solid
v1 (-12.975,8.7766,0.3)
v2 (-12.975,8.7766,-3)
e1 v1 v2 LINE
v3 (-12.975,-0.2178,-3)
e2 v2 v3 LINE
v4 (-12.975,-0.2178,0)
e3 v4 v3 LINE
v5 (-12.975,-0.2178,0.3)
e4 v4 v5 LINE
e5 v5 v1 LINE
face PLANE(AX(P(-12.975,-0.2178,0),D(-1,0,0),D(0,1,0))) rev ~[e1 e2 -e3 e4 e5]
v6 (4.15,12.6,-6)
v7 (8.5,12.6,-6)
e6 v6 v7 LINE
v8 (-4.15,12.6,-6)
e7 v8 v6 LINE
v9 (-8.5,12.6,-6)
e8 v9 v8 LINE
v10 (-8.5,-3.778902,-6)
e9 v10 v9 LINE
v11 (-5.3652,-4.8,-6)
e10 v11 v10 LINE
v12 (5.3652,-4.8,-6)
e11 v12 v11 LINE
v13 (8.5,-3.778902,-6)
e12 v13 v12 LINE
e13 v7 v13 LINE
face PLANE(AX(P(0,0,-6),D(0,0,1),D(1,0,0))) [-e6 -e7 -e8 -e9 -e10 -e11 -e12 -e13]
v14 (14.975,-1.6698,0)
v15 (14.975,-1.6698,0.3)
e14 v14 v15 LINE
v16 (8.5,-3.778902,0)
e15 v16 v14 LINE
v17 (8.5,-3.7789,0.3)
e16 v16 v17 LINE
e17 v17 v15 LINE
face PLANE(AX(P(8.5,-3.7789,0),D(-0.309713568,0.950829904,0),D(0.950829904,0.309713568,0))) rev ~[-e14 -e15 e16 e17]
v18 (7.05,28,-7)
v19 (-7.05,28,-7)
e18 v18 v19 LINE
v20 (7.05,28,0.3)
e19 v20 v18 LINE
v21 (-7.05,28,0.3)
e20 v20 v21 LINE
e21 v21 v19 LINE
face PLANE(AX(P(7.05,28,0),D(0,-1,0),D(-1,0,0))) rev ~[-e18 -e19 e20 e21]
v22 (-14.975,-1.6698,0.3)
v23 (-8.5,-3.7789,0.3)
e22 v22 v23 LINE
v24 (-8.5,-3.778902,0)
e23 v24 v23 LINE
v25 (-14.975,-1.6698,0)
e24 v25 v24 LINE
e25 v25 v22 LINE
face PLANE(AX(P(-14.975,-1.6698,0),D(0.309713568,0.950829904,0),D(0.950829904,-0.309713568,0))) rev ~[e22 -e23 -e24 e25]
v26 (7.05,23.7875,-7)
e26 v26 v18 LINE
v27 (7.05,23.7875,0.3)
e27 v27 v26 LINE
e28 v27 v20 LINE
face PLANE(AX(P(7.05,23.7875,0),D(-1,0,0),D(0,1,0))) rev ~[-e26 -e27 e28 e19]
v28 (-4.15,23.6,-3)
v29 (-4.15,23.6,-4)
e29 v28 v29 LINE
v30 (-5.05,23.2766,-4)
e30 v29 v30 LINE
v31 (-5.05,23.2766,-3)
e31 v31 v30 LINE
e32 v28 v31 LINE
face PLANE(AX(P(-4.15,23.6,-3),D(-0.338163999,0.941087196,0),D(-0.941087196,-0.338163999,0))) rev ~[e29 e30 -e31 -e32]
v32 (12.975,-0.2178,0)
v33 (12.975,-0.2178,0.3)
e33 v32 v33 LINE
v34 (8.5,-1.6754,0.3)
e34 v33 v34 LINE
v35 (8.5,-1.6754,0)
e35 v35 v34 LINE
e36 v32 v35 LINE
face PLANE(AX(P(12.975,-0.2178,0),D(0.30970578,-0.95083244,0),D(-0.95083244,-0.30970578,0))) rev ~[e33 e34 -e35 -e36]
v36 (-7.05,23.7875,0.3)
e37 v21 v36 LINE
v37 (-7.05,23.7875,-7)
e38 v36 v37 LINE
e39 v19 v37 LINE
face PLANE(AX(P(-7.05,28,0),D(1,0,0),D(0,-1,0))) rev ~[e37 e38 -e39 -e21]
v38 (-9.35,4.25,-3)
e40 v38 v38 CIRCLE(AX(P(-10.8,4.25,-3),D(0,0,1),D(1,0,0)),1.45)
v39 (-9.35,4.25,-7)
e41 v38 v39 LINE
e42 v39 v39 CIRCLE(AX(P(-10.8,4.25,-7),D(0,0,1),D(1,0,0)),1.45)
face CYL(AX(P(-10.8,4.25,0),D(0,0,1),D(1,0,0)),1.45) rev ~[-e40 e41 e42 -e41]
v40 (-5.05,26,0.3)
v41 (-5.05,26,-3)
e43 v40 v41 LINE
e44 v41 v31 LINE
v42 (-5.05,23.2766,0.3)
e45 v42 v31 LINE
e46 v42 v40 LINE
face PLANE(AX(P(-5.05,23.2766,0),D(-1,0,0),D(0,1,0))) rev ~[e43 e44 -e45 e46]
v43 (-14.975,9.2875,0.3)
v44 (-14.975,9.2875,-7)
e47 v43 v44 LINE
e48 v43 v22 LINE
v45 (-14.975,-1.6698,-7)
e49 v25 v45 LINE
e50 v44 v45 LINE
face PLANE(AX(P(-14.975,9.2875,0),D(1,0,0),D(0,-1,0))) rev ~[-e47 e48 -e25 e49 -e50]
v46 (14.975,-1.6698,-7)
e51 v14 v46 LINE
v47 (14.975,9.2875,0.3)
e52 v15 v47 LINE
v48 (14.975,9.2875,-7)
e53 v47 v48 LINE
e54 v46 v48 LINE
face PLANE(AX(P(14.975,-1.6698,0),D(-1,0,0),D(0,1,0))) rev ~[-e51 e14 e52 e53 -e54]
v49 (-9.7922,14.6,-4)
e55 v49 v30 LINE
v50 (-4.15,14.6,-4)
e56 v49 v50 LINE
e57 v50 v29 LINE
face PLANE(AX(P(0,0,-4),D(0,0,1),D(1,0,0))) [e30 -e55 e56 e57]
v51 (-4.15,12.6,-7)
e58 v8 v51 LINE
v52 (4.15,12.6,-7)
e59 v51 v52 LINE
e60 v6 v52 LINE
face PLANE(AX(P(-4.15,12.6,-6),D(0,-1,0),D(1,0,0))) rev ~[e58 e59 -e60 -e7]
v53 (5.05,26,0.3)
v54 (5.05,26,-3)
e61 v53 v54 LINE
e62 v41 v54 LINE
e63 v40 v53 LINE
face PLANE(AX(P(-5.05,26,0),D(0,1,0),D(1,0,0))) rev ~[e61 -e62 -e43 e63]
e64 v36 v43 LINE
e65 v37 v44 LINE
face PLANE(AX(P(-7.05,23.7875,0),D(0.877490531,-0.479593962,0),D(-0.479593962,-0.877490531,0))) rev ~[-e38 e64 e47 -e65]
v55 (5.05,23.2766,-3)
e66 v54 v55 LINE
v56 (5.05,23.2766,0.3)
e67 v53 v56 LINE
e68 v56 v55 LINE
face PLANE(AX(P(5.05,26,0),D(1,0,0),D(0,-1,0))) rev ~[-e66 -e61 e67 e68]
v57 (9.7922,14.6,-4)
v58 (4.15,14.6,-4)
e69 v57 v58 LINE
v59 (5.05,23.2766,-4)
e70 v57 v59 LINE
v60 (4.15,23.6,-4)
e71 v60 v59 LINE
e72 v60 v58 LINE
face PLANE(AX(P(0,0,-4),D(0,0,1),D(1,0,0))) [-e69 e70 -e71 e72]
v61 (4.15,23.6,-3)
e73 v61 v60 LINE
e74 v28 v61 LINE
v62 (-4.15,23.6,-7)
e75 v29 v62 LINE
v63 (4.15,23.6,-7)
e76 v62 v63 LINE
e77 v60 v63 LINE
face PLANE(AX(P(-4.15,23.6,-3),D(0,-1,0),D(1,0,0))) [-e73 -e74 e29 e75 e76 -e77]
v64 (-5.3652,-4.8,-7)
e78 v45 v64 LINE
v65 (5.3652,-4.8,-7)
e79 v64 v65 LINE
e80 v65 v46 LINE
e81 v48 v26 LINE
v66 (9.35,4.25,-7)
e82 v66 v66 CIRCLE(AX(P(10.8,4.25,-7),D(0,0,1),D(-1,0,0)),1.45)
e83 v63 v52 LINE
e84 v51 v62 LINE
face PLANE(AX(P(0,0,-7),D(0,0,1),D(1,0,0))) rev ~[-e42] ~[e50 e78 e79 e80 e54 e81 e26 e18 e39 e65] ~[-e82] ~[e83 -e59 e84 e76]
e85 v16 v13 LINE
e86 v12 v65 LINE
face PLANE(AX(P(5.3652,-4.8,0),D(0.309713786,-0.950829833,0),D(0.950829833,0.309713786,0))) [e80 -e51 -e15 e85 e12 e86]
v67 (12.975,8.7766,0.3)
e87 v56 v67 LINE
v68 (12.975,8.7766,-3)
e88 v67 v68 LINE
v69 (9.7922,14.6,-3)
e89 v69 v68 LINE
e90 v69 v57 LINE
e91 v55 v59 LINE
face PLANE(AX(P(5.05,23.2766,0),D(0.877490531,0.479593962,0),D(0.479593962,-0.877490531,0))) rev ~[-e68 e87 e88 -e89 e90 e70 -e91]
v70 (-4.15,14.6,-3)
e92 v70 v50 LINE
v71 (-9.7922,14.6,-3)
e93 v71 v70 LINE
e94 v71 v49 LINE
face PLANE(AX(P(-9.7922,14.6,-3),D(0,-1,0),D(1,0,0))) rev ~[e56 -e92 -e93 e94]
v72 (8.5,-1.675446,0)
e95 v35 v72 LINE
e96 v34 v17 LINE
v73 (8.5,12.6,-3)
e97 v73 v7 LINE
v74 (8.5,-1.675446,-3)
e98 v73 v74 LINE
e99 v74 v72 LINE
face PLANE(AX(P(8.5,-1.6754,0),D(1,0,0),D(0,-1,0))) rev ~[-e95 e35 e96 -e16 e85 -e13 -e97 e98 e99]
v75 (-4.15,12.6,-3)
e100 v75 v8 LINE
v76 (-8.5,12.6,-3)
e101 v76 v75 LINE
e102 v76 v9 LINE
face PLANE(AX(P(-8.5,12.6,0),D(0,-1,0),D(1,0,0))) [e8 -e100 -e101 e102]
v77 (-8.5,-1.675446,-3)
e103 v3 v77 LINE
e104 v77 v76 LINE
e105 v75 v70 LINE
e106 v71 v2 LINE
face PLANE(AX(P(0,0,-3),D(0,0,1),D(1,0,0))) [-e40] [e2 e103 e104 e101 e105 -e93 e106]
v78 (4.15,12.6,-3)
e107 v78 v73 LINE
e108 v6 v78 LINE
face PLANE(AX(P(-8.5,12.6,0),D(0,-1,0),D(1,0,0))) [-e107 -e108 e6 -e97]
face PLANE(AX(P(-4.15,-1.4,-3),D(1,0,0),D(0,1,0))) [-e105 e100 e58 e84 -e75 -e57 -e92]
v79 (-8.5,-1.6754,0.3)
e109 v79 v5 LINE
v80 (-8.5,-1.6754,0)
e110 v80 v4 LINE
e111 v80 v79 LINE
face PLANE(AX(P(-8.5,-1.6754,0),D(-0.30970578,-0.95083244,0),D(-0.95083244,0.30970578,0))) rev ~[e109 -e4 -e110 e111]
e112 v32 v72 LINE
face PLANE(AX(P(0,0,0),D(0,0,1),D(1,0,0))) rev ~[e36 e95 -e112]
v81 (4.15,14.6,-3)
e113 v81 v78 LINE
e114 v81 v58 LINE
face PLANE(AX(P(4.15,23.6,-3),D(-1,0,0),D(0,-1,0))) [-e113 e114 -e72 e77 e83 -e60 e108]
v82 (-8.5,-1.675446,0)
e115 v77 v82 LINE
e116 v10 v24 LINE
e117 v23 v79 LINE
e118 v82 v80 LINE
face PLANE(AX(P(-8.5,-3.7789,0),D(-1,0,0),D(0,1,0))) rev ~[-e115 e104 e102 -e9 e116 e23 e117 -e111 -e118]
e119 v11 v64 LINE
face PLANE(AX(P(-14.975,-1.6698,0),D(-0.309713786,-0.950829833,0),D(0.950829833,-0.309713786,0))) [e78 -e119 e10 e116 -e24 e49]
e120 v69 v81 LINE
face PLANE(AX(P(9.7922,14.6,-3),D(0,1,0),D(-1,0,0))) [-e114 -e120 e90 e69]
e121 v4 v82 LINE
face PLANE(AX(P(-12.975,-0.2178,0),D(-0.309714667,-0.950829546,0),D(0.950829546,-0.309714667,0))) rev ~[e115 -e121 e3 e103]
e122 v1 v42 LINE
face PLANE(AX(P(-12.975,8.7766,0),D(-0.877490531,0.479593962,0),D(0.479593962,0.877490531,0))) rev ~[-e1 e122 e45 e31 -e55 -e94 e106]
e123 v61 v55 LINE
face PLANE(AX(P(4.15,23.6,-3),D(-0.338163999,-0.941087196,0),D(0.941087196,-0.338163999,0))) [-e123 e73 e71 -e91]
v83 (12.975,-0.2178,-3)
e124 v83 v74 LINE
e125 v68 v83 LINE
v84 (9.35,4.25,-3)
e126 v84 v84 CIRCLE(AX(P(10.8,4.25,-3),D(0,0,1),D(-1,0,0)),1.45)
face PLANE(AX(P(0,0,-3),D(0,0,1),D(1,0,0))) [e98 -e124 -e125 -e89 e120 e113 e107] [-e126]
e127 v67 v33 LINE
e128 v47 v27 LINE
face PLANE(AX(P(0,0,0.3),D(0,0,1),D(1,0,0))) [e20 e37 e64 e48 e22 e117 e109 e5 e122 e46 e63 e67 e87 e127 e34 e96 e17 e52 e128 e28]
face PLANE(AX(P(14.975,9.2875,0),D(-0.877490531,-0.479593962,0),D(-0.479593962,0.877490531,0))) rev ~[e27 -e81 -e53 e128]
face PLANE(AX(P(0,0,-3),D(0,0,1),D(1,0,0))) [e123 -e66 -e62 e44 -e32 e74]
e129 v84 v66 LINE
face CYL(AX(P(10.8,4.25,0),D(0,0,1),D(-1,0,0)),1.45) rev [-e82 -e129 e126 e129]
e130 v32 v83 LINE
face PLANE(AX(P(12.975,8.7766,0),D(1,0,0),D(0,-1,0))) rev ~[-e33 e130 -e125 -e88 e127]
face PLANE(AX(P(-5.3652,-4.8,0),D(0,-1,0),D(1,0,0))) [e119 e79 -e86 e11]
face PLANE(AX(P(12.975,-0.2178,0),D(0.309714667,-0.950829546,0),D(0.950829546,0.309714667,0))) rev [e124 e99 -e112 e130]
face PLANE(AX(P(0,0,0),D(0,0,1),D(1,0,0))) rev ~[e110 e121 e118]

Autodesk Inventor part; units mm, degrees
ref_plane "YZ Plane" through (0, 0, 0) normal (1, 0, 0) x (0, 1, 0)
ref_plane "XZ Plane" through (0, 0, 0) normal (0, 1, 0) x (-1, 0, 0)
ref_plane "XY Plane" through (0, 0, 0) normal (0, 0, 1) x (1, 0, 0)
sketch "Sketch1" plane through (0, 0, 0) normal (0, 0, 1) x (1, 0, 0)
  line L0 (-5, -2.5) -> (5, -2.5) construction
  line L1 (5, -2.5) -> (12.675, 0) construction
  line L2 (-5, -2.5) -> (-12.675, 0)
  line L3 (12.675, 0) -> (-12.675, 0) construction
  line L4 (12.675, 0) -> (12.675, 8.7) construction
  line L5 (-12.675, 0) -> (-12.675, 8.7)
  line L6 (-12.675, 8.7) -> (-4.75, 23.2)
  line L7 (-4.75, 23.2) -> (-4.75, 25.7)
  line L8 (-4.75, 25.7) -> (4.75, 25.7) construction
  line L9 (4.75, 25.7) -> (4.75, 23.2) construction
  line L10 (4.75, 23.2) -> (12.675, 8.7) construction
  line L11 (0, -8.56) -> (0, 31.76) projected
  line L12 (0, 25.7) -> (0, -2.5)
  circle A0 centre (-10.8, 4.25) radius 1.25
  line L13 (-10.8, 4.25) -> (0, 4.25) construction
  line L14 (-4.75, 25.7) -> (0, 25.7)
  line L15 (-5, -2.5) -> (0, -2.5)
  line L16 (-5.05, 23.2766) -> (-12.975, 8.7766)
  line L17 (-12.975, 8.7766) -> (-12.975, -0.2178)
  line L18 (-12.975, -0.2178) -> (-5.0476, -2.8)
  line L19 (-5.0476, -2.8) -> (0.3, -2.8) construction
  line L20 (0.3, -2.8) -> (0.3, 26) construction
  line L21 (0.3, 26) -> (-5.05, 26) construction
  line L22 (-5.05, 26) -> (-5.05, 23.2766)
  line L23 (0, -2.5) -> (0, -2.8)
  line L24 (0, 25.7) -> (0, 26)
  line L25 (0, -2.8) -> (-5.0476, -2.8)
  line L26 (0, 26) -> (-5.05, 26)
  point P0 (0, 0)
  point P1 (0, 0)
  dimension "d0" = 10
  dimension "d1" = 25.35
  dimension "d2" = 2.5
  dimension "d3" = 8.7
  dimension "d4" = 28.2
  dimension "d6" = 2.5
  dimension "d7" = 9.5
  dimension "d42" = 2.5
  dimension "d43" = 10.8
  dimension "d44" = 6.75
  dimension "d53" = 0.3
sketch "Sketch8" plane through (0, 0, 0) normal (0, 0, 1) x (1, 0, 0)
  line L0 (-20, 30) -> (20, 30)
  line L1 (20, 30) -> (20, -10)
  line L2 (20, -10) -> (-20, -10)
  line L3 (-20, -10) -> (-20, 30)
  point P0 (0, 0)
  point P1 (0, -10)
  dimension "d45" = 40
  dimension "d46" = 10
extrude "MainBlock" add sketch "Sketch8" against normal blind 7
extrude "CartridgeCutout" cut sketch "Sketch1" against normal blind 3
sketch "Sketch10" plane through (-10.8, 4.25, 0) normal (0, 0, 1) x (1, 0, 0)
  circle A0 centre (0, 0) radius 1.25 projected
  circle A1 centre (0, 0) radius 1.45
  point P0 (10.8, -4.25)
  dimension "d56" = 0.2
extrude "PinHole" cut sketch "Sketch10" against normal through all contours A0 | A1
mirror "Mirror3" about plane through (0, 26, 0) normal (-1, 0, 0) of "CartridgeCutout", "PinHole"
sketch "Sketch12" plane through (0, 0, -3) normal (0, 0, 1) x (1, 0, 0)
  circle A0 centre (10.8, 4.25) radius 1.45 projected
  circle A1 centre (-10.8, 4.25) radius 1.45 projected
  line L0 (5.05, 26) -> (-5.05, 26) projected
  line L1 (-5.05, 23.2766) -> (-5.05, 26) projected
  line L2 (-12.975, 8.7766) -> (-5.05, 23.2766) projected
  line L3 (-12.975, -0.2178) -> (-12.975, 8.7766) projected
  line L4 (-5.0476, -2.8) -> (-12.975, -0.2178) projected
  line L5 (5.0476, -2.8) -> (-5.0476, -2.8) projected
  line L6 (5.0476, -2.8) -> (12.975, -0.2178) projected
  line L7 (12.975, -0.2178) -> (12.975, 8.7766) projected
  line L8 (12.975, 8.7766) -> (5.05, 23.2766) projected
  line L9 (5.05, 23.2766) -> (5.05, 26) projected
  line L10 (-4.15, 23.6) -> (4.15, 23.6)
  line L11 (4.15, 23.6) -> (4.15, -1.4)
  line L12 (4.15, -1.4) -> (-4.15, -1.4)
  line L13 (-4.15, -1.4) -> (-4.15, 23.6)
  point P0 (0, 0)
  point P1 (0, -1.4)
  dimension "d59" = 8.3
  dimension "d60" = 25
  dimension "d61" = 1.4
extrude "CentreHole" cut sketch "Sketch12" against normal through all contours L10 L11 L12 L13
sketch "Sketch13" plane through (0, 0, 0) normal (0, 0, 1) x (1, 0, 0)
  line L0 (-5.05, 26) -> (5.05, 26) projected
  line L1 (5.05, 26) -> (5.05, 23.2766) projected
  line L2 (5.05, 23.2766) -> (12.975, 8.7766) projected
  line L3 (12.975, 8.7766) -> (12.975, -0.2178) projected
  line L4 (12.975, -0.2178) -> (5.0476, -2.8) projected
  line L5 (5.0476, -2.8) -> (-5.0476, -2.8) projected
  line L6 (-5.0476, -2.8) -> (-12.975, -0.2178) projected
  line L7 (-12.975, -0.2178) -> (-12.975, 8.7766) projected
  line L8 (-12.975, 8.7766) -> (-5.05, 23.2766) projected
  line L9 (-5.05, 23.2766) -> (-5.05, 26) projected
  line L10 (-20, 30) -> (20, 30) projected
  line L11 (-20, -10) -> (-20, 30) projected
  line L12 (20, -10) -> (-20, -10) projected
  line L13 (20, 30) -> (20, -10) projected
  line L14 (-14.975, 9.2875) -> (-14.975, -1.6698)
  line L15 (-14.975, -1.6698) -> (-5.3652, -4.8)
  line L16 (-5.3652, -4.8) -> (5.3652, -4.8)
  line L17 (5.3652, -4.8) -> (14.975, -1.6698)
  line L18 (14.975, -1.6698) -> (14.975, 9.2875)
  line L19 (14.975, 9.2875) -> (7.05, 23.7875)
  line L20 (7.05, 23.7875) -> (7.05, 28)
  line L21 (7.05, 28) -> (-7.05, 28)
  line L22 (-7.05, 28) -> (-7.05, 23.7875)
  line L23 (-7.05, 23.7875) -> (-14.975, 9.2875)
  point P0 (0, 0)
  dimension "d65" = 2
extrude "OutlineCut" cut sketch "Sketch13" against normal through all contours L10 L13 L12 L11
sketch "Sketch14" plane through (0, 0, -3) normal (0, 0, 1) x (1, 0, 0)
  line L0 (-4.15, -1.4) -> (-4.15, 23.6) projected
  line L1 (-4.15, 23.6) -> (4.15, 23.6) projected
  line L2 (4.15, 23.6) -> (4.15, -1.4) projected
  line L3 (4.15, -1.4) -> (-4.15, -1.4) construction
  circle A0 centre (10.8, 4.25) radius 1.45 construction
  circle A1 centre (-10.8, 4.25) radius 1.45 construction
  line L4 (5.05, 26) -> (-5.05, 26) projected
  line L5 (-5.05, 23.2766) -> (-5.05, 26) projected
  line L6 (-12.975, 8.7766) -> (-5.05, 23.2766) projected
  line L7 (-12.975, -0.2178) -> (-12.975, 8.7766) construction
  line L8 (-5.0476, -2.8) -> (-12.975, -0.2178) construction
  line L9 (5.0476, -2.8) -> (-5.0476, -2.8) construction
  line L10 (5.0476, -2.8) -> (12.975, -0.2178) construction
  line L11 (12.975, -0.2178) -> (12.975, 8.7766) construction
  line L12 (12.975, 8.7766) -> (5.05, 23.2766) projected
  line L13 (5.05, 23.2766) -> (5.05, 26) projected
  line L14 (-9.7922, 14.6) -> (-4.15, 14.6)
  line L15 (-12.975, 8.7766) -> (-5.05, 23.2766) projected
  line L16 (-4.15, 23.6) -> (-5.05, 23.2766)
  line L17 (0, -18) -> (0, 38) projected
  line L18 (-4.15, 23.6) -> (-4.15, 14.6)
  line L19 (-4.15, -1.4) -> (-4.15, 23.6) projected
  line L20 (-5.05, 23.2766) -> (-9.7922, 14.6)
  line L21 (-12.975, 8.7766) -> (-5.05, 23.2766) projected
  line L22 (9.7922, 14.6) -> (4.15, 14.6)
  line L23 (4.15, 23.6) -> (5.05, 23.2766)
  line L24 (4.15, 23.6) -> (4.15, 14.6)
  line L25 (5.05, 23.2766) -> (9.7922, 14.6)
  point P0 (0, 0)
  dimension "d70" = 9
extrude "AlignmentGooveCut" cut sketch "Sketch14" against normal blind 1 contours L14 L6 L16 L0 | L23 L12 L22 L2
sketch "Sketch16" plane through (0, 0, 0) normal (0, 0, 1) x (1, 0, 0)
  line L0 (-8.5, 12.6) -> (8.5, 12.6)
  line L1 (8.5, 12.6) -> (8.5, -7.4)
  line L2 (8.5, -7.4) -> (-8.5, -7.4)
  line L3 (-8.5, -7.4) -> (-8.5, 12.6)
  line L4 (4.15, -1.4) -> (-4.15, -1.4) projected
  point P0 (0, 0)
  point P1 (0, -7.4)
  dimension "d73" = 17
  dimension "d74" = 20
  dimension "d75" = 14
extrude "CircuitBoardCut" cut sketch "Sketch16" against normal blind 6
sketch "Sketch18" plane through (0, 0, -6) normal (0, 0, 1) x (1, 0, 0)
  line L0 (-4.15, 12.6) -> (-4.15, -1.4) projected
  line L1 (-4.15, -1.4) -> (4.15, -1.4) projected
  line L2 (4.15, -1.4) -> (4.15, 12.6) projected
  line L3 (-4.15, 12.6) -> (4.15, 12.6)
  line L4 (-4.15, 23.6) -> (-4.15, -1.4) projected
  point P0 (0, 0)
extrude "CircuitBoardFillIn" add sketch "Sketch18" against normal up to surface (1 mm away)
sketch "Sketch19" plane through (0, 0, 0) normal (0, 0, 1) x (1, 0, 0)
  line L0 (8.5, -1.6754) -> (8.5, -3.7789) projected
  line L1 (8.5, -3.7789) -> (14.975, -1.6698) projected
  line L2 (14.975, -1.6698) -> (14.975, 9.2875) projected
  line L3 (14.975, 9.2875) -> (7.05, 23.7875) projected
  line L4 (7.05, 23.7875) -> (7.05, 28) projected
  line L5 (-7.05, 28) -> (-7.05, 23.7875) projected
  line L6 (-7.05, 23.7875) -> (-14.975, 9.2875) projected
  line L7 (-14.975, 9.2875) -> (-14.975, -1.6698) projected
  line L8 (-14.975, -1.6698) -> (-8.5, -3.7789) projected
  line L9 (-8.5, -3.7789) -> (-8.5, -1.6754) projected
  line L10 (-8.5, -1.6754) -> (-12.975, -0.2178) projected
  line L11 (-12.975, -0.2178) -> (-12.975, 8.7766) projected
  line L12 (-12.975, 8.7766) -> (-5.05, 23.2766) projected
  line L13 (-5.05, 23.2766) -> (-5.05, 26) projected
  line L14 (-5.05, 26) -> (5.05, 26) projected
  line L15 (5.05, 26) -> (5.05, 23.2766) projected
  line L16 (5.05, 23.2766) -> (12.975, 8.7766) projected
  line L17 (12.975, 8.7766) -> (12.975, -0.2178) projected
  line L18 (12.975, -0.2178) -> (8.5, -1.6754) projected
  line L19 (7.05, 28) -> (-7.05, 28) projected
  point P0 (0, 0)
extrude "TopHeightAdjustment" add sketch "Sketch19" along normal blind 0.3
properties part number "InkjetHolderV5"
